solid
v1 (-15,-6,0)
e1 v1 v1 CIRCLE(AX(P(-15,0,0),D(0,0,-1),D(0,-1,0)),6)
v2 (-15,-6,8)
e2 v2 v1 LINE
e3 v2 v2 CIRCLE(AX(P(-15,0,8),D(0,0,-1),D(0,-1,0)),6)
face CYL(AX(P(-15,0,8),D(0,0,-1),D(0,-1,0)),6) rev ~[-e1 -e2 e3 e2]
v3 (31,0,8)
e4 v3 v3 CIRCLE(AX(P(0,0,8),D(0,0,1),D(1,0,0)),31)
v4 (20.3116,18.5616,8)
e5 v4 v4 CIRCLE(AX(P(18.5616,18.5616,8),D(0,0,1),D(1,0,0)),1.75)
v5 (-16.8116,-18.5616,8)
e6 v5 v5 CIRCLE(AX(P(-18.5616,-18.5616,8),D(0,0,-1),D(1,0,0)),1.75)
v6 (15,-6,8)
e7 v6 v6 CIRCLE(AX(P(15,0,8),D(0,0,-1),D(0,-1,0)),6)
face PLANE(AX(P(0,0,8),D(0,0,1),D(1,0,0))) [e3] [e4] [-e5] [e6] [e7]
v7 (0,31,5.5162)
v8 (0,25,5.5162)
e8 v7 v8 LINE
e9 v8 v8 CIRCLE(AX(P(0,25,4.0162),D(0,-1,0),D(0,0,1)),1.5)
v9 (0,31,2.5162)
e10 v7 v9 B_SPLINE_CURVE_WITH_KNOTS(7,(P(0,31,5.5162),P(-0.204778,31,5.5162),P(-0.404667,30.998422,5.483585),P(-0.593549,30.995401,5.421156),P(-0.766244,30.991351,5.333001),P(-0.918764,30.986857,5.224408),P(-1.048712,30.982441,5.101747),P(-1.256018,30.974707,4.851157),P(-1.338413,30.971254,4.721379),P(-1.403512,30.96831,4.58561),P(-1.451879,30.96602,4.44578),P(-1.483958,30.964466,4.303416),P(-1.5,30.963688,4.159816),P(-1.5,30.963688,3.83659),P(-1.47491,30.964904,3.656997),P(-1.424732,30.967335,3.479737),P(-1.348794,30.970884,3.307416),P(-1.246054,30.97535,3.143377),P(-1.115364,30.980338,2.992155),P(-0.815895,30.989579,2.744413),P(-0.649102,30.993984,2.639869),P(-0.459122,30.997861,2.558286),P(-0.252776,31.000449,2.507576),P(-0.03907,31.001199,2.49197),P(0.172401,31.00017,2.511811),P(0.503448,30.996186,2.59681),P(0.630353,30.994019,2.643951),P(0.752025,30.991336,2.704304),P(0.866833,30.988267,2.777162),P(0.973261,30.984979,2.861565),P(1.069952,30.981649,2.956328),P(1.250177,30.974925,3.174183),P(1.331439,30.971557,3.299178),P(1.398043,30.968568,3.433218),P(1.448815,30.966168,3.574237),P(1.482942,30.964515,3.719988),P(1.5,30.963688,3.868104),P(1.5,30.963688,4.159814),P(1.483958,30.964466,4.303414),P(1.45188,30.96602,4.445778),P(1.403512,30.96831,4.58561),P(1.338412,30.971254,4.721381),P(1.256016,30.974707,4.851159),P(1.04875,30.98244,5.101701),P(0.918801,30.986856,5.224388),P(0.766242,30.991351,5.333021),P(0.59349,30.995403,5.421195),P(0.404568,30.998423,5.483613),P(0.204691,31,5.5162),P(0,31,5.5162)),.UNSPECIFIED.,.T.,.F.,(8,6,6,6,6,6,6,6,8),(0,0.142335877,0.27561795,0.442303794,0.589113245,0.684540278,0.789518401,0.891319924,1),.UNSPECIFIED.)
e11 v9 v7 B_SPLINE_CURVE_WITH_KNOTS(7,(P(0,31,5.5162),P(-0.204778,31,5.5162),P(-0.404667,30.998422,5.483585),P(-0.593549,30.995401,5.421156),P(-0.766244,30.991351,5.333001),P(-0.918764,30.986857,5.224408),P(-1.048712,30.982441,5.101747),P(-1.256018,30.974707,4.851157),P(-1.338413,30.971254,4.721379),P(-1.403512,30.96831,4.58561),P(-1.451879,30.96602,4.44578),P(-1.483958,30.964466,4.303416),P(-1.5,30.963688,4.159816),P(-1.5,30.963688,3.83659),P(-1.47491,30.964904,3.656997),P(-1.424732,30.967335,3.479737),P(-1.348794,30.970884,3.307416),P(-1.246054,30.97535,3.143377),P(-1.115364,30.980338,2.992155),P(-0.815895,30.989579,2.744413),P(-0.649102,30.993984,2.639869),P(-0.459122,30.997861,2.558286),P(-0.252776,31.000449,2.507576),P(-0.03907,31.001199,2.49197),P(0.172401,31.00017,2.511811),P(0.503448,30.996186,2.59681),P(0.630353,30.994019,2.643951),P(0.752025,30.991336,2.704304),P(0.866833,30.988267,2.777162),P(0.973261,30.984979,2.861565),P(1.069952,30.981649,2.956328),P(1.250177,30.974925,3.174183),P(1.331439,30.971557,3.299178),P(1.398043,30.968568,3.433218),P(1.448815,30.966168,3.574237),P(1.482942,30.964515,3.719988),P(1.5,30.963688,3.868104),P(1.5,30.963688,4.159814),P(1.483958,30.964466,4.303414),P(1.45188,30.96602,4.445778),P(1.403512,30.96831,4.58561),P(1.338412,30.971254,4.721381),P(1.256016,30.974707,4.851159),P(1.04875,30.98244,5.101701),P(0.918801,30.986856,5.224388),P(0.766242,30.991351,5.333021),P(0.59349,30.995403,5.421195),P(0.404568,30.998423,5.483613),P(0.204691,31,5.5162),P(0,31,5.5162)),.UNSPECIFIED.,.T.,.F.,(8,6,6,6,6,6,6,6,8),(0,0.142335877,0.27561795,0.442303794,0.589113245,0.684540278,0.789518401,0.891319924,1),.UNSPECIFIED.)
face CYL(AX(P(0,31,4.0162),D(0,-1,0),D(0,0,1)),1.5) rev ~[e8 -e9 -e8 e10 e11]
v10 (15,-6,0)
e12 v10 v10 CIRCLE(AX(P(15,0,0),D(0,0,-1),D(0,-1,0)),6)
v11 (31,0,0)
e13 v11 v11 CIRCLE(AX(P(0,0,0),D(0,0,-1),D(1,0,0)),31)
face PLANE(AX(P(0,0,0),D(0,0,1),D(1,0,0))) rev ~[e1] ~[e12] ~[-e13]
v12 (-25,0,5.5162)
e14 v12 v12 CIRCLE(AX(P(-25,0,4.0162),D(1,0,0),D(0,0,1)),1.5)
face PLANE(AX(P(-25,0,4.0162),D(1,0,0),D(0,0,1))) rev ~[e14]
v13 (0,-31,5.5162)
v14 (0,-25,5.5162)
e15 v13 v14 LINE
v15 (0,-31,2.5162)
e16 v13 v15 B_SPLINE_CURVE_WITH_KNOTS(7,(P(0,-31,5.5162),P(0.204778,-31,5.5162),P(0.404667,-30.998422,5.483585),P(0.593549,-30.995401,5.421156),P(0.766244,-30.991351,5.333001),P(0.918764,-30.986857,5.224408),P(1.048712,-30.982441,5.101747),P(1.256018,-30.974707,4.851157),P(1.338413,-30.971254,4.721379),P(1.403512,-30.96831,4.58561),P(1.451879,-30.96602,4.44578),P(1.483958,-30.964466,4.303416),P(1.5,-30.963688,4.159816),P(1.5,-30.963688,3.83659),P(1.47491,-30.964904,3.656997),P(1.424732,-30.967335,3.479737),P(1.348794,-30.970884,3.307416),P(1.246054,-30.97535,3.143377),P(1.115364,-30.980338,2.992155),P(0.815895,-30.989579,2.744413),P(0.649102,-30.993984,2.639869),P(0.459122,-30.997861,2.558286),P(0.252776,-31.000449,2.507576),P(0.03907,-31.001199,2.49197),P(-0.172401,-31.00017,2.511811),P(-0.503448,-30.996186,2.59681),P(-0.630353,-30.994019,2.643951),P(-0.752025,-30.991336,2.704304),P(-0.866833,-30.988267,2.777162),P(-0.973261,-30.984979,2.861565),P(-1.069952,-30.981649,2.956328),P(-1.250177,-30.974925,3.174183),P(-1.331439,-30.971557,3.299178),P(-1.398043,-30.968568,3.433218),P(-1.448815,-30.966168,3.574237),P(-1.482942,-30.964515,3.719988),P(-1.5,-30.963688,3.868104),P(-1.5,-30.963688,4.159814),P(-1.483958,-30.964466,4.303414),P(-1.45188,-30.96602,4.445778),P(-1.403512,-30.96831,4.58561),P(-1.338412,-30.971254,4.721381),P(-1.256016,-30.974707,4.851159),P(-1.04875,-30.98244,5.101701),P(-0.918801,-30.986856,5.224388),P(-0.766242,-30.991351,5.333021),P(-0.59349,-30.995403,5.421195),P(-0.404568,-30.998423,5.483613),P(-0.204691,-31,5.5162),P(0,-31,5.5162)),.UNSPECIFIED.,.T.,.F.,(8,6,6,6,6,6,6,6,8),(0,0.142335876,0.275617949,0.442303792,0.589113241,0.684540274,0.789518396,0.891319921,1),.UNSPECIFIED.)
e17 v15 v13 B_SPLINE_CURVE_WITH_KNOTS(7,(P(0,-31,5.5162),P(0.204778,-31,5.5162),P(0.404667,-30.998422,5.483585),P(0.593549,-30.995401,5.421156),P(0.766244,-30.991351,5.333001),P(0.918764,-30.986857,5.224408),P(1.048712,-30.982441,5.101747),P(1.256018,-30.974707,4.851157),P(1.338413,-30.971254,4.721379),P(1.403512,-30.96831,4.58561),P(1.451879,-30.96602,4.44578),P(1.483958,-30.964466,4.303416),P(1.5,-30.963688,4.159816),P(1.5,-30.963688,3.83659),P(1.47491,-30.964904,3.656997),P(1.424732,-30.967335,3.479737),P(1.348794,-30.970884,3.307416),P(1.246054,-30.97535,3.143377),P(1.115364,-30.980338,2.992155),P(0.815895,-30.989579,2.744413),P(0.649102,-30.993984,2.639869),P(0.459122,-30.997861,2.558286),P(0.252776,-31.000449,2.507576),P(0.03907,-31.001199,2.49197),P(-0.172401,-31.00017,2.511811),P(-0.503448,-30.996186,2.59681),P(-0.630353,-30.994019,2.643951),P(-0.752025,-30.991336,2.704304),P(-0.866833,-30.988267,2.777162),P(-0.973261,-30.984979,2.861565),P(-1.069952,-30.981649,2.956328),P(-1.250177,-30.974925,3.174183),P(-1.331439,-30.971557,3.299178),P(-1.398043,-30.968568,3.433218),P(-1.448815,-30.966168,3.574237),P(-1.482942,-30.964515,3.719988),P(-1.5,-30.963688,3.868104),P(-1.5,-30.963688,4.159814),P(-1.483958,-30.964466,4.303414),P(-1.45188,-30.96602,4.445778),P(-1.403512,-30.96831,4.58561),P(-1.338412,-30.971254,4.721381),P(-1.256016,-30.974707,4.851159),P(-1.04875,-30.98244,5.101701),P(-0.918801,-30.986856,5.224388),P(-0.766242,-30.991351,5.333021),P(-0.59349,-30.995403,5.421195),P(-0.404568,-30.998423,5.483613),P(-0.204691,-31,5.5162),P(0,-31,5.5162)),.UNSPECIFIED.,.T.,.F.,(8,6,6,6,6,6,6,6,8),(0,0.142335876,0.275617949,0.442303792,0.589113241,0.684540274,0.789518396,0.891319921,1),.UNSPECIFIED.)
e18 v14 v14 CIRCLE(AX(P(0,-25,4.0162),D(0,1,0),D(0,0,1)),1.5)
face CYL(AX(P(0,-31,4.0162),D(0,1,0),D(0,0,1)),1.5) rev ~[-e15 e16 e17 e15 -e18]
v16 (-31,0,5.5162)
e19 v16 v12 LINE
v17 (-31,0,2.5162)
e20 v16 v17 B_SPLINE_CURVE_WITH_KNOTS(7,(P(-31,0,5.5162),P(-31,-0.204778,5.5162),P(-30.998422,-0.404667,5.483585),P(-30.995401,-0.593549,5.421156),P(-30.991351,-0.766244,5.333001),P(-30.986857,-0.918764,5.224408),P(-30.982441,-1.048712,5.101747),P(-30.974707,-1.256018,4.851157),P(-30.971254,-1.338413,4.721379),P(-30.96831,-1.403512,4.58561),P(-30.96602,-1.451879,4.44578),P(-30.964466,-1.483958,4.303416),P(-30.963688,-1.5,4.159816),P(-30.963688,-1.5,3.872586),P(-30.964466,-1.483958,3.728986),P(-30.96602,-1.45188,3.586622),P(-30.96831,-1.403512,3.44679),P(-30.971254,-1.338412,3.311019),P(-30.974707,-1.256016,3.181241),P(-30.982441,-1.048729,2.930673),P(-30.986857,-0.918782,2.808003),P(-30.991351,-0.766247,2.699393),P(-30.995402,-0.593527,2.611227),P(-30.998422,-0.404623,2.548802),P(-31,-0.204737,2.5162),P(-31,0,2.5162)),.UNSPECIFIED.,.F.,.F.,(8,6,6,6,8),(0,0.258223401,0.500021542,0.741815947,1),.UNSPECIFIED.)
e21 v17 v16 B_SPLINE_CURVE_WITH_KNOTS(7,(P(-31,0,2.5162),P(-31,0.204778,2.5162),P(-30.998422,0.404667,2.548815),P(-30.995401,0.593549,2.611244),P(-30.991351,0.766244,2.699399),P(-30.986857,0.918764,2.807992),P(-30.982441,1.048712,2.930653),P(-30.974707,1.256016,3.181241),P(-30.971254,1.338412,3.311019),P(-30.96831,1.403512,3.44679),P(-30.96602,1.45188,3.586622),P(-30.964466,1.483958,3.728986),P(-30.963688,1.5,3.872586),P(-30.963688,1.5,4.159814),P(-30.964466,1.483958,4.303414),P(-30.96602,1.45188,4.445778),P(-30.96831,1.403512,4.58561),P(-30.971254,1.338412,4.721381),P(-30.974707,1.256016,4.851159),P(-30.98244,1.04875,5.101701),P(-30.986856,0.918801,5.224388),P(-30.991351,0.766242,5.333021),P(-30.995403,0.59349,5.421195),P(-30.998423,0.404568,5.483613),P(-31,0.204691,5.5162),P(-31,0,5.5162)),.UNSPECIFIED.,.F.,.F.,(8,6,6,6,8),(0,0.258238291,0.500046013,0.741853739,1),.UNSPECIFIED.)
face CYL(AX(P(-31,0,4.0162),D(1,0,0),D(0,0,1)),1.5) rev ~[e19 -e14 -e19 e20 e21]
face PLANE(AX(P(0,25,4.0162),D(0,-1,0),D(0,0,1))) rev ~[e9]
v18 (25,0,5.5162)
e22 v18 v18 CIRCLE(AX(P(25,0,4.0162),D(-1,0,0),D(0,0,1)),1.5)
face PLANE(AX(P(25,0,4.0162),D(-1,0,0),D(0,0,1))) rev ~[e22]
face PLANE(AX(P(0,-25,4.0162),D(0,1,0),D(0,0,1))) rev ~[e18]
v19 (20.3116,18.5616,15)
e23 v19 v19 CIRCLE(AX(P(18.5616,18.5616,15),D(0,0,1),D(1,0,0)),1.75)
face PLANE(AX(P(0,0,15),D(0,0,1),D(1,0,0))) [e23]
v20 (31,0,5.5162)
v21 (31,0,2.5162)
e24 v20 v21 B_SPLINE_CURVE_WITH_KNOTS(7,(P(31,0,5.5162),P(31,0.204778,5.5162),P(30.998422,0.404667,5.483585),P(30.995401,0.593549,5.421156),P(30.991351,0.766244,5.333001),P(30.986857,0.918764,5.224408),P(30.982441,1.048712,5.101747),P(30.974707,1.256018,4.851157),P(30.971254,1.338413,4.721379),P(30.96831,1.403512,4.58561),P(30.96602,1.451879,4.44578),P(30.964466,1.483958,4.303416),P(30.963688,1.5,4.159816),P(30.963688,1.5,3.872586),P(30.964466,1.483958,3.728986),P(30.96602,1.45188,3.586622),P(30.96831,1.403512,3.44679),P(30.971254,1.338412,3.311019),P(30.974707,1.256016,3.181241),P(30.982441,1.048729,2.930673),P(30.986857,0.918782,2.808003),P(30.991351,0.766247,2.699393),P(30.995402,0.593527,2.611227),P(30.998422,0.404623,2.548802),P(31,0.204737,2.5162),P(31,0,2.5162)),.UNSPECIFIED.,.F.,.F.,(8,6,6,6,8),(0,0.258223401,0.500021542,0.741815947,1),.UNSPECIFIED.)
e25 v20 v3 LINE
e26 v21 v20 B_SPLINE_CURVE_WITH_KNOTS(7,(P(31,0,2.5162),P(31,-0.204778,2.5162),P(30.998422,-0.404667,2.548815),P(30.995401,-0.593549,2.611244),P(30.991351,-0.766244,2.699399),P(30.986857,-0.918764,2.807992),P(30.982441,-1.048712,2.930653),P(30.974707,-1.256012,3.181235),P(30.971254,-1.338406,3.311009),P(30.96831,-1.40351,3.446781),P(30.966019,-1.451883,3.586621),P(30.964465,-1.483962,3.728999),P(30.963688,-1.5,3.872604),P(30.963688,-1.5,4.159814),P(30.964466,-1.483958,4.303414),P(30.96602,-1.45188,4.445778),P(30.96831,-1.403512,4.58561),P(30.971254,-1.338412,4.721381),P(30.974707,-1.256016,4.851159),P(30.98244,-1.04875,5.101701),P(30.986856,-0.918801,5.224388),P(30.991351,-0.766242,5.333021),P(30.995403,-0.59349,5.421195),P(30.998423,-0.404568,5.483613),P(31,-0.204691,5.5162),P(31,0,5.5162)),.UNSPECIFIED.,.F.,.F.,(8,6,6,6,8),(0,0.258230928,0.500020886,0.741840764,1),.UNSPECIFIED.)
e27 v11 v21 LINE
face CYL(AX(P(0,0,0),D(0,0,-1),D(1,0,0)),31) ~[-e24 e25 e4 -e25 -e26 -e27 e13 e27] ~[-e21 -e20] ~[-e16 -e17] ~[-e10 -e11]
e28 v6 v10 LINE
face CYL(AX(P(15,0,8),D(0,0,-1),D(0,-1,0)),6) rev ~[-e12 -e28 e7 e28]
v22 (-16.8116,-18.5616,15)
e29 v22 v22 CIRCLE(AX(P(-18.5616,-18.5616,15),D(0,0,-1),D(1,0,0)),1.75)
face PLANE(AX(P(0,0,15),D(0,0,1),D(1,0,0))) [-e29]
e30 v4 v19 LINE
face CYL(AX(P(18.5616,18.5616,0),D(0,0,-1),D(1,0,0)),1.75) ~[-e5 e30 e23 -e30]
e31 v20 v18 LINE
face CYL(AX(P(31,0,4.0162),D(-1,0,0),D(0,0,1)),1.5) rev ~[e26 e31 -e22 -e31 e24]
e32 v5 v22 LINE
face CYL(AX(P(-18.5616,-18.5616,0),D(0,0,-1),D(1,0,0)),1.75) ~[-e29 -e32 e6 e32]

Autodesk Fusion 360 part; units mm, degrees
sketch "Sketch1" plane through (0, 0, 0) normal (0, 0, 1) x (1, 0, 0)
  circle A0 centre (0, 0) radius 31
  circle A1 centre (-18.5616, -18.5616) radius 1.75
  circle A2 centre (18.5616, 18.5616) radius 1.75
  circle A3 centre (-15, 0) radius 5
  line L0 (-18.5616, -18.5616) -> (-18.5616, -16.8116)
  circle A4 centre (15, 0) radius 5
  line L1 (0, 0) -> (0, 31)
  line L2 (0, 0) -> (31, 0)
  dimension "d1" = 62
  dimension "d6" = 3.5
  dimension "d10" = 15
  dimension "d11" = 10
extrude "Extrude1" add sketch "Sketch1" along normal blind 8 contours A0 A4 L1 L2 | A0 A4 L1 L2
ref_plane "WorkPlane1" through (0, 31, 0) normal (0, 1, 0) x (0, 0, 1)
sketch "Sketch2" plane through (0, 31, 0) normal (0, 1, 0) x (1, 0, 0)
  line L0 (0, 0) -> (0, -2.4162)
  circle A0 centre (0, -4.0162) radius 1.5
  dimension "d27" = 3
hole "Hole2" at (-15, 0, 8) direction (0, 0, -1) diameter 12 depth 18 tip angle 180
hole "Hole3" at (15, 0, 8) direction (0, 0, -1) diameter 12 depth 18 tip angle 180
hole "Hole4" at (0, 31, 4.0162) direction (0, -1, 0) diameter 3 depth 6 tip angle 180
pattern_circular "C-Pattern2" count 4 over 360 about axis through (0, 0, 1.75) along (0, 0, 1) of "Hole4"
extrude "Extrude2" add sketch "Sketch1" along normal blind 15 contours A1 | A2
